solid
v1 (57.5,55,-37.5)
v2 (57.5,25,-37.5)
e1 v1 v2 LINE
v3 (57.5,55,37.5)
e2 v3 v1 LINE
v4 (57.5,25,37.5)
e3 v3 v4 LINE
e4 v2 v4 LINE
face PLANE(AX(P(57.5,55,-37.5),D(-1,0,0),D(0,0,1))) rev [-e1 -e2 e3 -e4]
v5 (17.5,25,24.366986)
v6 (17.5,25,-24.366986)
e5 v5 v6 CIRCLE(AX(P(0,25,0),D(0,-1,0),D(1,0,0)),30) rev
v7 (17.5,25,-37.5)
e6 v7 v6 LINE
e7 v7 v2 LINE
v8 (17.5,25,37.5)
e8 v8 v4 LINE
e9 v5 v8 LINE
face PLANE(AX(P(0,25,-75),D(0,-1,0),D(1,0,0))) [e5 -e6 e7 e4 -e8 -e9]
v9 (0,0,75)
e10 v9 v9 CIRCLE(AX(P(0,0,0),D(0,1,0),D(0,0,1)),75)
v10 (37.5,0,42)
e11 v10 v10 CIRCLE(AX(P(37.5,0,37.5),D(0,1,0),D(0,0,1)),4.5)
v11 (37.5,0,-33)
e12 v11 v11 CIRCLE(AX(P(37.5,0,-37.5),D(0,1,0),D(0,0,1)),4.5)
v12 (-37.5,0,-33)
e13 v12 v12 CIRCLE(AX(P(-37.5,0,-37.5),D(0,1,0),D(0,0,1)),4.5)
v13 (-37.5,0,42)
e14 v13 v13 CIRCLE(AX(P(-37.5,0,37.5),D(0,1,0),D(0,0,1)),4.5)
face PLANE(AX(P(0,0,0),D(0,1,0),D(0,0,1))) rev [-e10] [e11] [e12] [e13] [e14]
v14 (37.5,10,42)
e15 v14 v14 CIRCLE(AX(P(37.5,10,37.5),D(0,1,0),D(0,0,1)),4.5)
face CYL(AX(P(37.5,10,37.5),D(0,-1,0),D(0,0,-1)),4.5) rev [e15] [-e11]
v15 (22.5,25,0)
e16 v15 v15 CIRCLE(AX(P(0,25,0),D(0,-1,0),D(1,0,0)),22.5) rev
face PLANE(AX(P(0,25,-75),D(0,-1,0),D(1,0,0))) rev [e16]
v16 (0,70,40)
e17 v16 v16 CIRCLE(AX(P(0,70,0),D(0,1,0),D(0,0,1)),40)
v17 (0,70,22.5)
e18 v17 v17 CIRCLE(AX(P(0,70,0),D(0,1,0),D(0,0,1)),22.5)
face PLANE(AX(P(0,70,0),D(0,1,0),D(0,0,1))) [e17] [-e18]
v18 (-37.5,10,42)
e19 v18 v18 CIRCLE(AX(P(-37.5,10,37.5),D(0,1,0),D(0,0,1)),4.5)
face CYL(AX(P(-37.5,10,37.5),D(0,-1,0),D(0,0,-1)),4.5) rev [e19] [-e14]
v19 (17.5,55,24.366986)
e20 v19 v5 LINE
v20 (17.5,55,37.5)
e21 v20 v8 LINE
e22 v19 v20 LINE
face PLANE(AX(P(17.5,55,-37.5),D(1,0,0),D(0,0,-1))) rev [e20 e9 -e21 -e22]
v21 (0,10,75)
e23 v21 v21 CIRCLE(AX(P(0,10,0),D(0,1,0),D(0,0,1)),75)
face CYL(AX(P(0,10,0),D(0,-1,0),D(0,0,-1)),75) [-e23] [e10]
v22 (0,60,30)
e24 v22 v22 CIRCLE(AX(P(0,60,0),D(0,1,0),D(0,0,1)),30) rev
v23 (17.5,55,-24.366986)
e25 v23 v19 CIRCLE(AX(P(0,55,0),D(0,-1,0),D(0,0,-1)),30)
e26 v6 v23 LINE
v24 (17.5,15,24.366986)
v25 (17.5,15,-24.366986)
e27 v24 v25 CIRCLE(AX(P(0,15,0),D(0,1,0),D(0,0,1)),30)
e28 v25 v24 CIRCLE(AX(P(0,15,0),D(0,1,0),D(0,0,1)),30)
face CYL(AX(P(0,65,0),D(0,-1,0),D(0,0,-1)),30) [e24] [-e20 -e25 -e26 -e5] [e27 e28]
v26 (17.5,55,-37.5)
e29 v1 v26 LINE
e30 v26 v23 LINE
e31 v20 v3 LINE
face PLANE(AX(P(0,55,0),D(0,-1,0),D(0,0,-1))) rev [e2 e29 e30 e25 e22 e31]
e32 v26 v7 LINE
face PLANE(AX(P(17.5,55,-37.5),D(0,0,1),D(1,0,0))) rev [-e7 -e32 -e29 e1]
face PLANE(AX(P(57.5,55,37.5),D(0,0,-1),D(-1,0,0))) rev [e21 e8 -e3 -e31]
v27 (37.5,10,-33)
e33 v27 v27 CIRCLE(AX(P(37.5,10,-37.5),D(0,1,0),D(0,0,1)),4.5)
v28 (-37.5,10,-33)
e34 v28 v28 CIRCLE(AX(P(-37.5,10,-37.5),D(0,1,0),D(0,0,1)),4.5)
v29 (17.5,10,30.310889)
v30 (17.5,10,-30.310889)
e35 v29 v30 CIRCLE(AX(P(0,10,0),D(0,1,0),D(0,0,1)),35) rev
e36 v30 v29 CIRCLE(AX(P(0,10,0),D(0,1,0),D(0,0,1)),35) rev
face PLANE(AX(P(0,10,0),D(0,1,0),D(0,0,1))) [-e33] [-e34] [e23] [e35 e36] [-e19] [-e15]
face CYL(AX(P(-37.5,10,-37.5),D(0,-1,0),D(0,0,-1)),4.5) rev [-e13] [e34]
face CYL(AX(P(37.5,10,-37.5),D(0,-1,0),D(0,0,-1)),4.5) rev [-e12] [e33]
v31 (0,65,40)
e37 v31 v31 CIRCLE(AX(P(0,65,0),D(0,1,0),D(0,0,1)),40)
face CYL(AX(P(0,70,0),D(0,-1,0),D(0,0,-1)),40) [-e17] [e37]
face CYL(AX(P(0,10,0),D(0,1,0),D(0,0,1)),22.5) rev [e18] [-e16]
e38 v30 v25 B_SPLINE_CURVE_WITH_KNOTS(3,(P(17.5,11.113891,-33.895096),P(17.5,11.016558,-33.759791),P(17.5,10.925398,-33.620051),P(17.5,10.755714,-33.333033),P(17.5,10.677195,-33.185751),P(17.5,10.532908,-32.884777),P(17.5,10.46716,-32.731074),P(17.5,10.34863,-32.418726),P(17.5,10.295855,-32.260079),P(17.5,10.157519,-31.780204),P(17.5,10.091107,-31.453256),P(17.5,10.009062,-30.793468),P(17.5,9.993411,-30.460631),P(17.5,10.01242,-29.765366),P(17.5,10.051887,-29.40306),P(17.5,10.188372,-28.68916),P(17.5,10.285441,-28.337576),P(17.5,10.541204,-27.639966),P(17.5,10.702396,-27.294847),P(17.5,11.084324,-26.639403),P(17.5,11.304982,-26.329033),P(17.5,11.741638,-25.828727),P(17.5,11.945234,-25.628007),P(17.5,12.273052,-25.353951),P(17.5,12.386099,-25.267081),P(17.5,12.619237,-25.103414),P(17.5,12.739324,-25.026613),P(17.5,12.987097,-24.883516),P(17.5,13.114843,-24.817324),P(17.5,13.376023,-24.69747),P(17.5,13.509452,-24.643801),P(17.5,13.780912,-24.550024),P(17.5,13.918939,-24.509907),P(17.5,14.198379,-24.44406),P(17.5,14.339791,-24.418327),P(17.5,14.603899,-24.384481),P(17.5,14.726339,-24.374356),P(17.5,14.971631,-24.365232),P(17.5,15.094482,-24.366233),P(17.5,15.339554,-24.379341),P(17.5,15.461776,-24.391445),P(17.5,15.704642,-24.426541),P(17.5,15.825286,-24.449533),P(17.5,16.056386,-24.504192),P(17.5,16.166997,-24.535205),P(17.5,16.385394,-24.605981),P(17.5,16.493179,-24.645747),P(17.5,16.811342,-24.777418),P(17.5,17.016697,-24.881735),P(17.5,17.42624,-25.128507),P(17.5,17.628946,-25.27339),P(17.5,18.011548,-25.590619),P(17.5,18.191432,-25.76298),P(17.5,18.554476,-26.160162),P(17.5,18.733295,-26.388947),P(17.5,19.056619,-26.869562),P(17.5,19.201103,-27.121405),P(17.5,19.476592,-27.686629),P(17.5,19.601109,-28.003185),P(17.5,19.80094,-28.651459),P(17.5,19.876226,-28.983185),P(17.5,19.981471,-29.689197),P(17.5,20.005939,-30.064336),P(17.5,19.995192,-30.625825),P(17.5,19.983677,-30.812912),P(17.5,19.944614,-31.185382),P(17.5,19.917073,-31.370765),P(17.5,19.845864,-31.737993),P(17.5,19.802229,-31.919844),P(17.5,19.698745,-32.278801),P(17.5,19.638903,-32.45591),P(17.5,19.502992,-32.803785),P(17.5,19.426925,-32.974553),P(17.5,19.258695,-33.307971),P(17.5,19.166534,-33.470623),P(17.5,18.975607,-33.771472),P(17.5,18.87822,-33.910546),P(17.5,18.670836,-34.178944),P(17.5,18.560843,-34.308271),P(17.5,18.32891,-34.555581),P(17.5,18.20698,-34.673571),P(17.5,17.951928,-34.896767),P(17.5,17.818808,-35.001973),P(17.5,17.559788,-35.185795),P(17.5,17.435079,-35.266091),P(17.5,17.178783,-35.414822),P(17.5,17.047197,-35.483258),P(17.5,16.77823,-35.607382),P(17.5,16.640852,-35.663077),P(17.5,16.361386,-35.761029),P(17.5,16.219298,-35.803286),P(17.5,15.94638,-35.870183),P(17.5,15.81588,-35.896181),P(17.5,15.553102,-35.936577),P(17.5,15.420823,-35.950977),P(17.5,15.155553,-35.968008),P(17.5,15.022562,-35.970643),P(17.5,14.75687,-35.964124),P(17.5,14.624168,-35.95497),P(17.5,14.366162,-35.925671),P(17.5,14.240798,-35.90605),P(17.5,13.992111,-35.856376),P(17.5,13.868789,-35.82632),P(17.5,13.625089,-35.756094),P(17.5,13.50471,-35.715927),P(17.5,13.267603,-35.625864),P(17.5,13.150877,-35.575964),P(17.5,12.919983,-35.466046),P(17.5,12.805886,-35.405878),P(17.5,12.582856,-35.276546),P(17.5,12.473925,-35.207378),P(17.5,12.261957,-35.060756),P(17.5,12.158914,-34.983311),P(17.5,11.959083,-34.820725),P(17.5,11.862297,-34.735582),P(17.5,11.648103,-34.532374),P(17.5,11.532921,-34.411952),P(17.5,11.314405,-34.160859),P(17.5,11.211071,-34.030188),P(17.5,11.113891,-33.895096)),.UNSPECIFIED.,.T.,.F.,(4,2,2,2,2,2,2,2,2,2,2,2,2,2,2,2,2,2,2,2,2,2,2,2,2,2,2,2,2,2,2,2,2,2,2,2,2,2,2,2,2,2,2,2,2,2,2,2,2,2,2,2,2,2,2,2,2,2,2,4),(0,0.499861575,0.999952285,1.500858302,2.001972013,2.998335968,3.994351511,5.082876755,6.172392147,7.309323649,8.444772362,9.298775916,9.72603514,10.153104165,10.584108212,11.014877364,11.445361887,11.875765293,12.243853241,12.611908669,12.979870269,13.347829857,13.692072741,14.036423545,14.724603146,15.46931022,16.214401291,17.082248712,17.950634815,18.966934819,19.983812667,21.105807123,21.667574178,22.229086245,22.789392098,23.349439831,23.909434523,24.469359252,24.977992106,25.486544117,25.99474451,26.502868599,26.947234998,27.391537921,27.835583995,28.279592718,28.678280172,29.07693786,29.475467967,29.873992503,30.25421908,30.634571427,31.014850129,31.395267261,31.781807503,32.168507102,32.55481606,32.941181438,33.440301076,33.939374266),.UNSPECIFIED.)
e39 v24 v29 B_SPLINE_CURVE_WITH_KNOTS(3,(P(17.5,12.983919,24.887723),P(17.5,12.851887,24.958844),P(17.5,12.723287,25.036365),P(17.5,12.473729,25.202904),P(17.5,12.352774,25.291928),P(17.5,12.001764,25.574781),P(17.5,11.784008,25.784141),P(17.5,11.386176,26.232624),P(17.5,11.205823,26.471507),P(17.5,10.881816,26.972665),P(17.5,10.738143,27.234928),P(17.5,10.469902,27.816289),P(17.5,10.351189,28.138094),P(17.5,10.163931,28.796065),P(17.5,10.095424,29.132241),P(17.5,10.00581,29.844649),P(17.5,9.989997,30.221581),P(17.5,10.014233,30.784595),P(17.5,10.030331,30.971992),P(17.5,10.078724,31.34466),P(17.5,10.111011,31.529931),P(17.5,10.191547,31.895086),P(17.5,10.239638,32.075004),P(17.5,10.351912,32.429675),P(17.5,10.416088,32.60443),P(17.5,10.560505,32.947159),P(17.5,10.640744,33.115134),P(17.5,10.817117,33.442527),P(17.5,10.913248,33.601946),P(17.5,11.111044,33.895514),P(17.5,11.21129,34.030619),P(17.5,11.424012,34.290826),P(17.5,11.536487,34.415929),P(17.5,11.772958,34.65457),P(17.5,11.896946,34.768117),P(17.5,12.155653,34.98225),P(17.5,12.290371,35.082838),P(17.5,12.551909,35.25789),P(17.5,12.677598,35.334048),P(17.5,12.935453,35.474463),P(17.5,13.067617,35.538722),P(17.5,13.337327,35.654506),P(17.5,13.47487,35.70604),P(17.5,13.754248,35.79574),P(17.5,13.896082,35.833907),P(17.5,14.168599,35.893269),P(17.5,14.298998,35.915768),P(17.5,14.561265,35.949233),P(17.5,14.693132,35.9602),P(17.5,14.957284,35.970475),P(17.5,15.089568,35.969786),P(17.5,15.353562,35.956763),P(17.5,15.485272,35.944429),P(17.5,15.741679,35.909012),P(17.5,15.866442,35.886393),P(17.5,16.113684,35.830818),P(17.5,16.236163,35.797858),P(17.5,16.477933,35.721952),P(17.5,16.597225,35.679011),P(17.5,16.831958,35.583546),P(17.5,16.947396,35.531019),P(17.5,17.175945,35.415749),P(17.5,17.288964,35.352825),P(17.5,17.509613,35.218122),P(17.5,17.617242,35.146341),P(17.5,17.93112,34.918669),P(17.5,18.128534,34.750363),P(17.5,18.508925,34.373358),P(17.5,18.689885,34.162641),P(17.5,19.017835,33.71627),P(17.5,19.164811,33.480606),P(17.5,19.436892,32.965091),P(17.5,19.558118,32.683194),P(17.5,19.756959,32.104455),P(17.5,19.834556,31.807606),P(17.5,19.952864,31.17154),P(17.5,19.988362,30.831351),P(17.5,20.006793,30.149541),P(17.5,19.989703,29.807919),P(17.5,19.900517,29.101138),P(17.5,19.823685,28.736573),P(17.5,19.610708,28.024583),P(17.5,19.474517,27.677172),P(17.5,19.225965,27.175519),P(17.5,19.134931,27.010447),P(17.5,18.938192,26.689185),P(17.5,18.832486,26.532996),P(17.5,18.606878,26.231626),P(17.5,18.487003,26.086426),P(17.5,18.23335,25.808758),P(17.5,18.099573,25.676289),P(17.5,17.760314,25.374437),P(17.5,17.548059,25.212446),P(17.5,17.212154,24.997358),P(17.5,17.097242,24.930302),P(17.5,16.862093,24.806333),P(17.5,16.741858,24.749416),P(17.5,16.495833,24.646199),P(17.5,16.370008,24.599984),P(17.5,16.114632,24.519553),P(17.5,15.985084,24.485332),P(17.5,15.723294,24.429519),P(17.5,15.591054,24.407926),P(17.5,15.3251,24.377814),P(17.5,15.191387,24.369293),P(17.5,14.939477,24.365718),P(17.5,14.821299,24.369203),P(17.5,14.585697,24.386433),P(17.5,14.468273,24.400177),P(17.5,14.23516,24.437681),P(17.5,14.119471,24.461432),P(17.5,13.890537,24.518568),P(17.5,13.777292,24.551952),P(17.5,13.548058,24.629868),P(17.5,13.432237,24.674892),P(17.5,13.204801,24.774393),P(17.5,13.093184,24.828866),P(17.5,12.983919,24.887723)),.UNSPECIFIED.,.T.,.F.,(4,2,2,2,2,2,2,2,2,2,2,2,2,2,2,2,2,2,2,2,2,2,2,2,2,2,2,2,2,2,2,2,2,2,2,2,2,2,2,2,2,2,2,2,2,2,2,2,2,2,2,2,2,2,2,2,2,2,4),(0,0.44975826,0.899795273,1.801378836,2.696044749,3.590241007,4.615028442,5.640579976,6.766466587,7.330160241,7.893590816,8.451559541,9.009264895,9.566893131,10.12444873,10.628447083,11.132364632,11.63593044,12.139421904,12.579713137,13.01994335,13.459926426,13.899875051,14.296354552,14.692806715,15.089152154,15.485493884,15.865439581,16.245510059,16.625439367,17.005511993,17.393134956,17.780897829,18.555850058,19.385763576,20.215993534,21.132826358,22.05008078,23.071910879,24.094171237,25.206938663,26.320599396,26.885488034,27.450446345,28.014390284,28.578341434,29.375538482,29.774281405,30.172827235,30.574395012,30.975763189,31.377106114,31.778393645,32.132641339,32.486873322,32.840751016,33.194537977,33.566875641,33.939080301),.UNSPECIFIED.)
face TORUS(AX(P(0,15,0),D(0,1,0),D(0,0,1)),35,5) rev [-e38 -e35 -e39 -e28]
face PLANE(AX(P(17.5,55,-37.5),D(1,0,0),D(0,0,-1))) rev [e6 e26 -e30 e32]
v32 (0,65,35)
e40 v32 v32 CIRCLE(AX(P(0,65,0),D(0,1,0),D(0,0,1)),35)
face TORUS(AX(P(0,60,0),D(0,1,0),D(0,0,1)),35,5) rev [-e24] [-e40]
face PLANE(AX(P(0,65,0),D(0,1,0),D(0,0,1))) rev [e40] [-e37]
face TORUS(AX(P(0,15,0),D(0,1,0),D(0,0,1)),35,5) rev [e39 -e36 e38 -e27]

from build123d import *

# Parameters (mm, degrees)
SKETCH1_R           = 75
SKETCH1_R_2         = 4.5
BOSS_EXTRUDE1_DEPTH = 10
SKETCH2_R           = 30
BOSS_EXTRUDE2_DEPTH = 55
SKETCH3_R           = 40
BOSS_EXTRUDE3_DEPTH = 5
SKETCH4_R           = 22.5
CUT_EXTRUDE1_DEPTH  = 60
FILLET1_R           = 5
SKETCH5_W           = 40
SKETCH5_H           = 75
BOSS_EXTRUDE4_DEPTH = 45
CUT_EXTRUDE2_DEPTH  = 113.5
SKETCH7_R           = 30
BOSS_EXTRUDE5_DEPTH = 15
FILLET2_R           = 5
CUT_EXTRUDE3_DEPTH  = 45


with BuildPart() as part:
    # Sketch1 → Boss-Extrude1 (new body)
    with BuildSketch(Plane(origin=(0, 0, 0), x_dir=(1, 0, 0), z_dir=(0, 1, 0))):
        Circle(SKETCH1_R)
        with Locations((37.5, 37.5)):
            Circle(SKETCH1_R_2, mode=Mode.SUBTRACT)
        with Locations((-37.5, 37.5)):
            Circle(SKETCH1_R_2, mode=Mode.SUBTRACT)
        with Locations((-37.5, -37.5)):
            Circle(SKETCH1_R_2, mode=Mode.SUBTRACT)
        with Locations((37.5, -37.5)):
            Circle(SKETCH1_R_2, mode=Mode.SUBTRACT)
    extrude(amount=BOSS_EXTRUDE1_DEPTH)

    # Sketch2 → Boss-Extrude2 (add)
    with BuildSketch(Plane(origin=(0, 10, 0), x_dir=(1, 0, 0), z_dir=(0, 1, 0))):
        Circle(SKETCH2_R)
    extrude(amount=BOSS_EXTRUDE2_DEPTH)

    # Sketch3 → Boss-Extrude3 (add)
    with BuildSketch(Plane(origin=(0, 65, 0), x_dir=(1, 0, 0), z_dir=(0, 1, 0))):
        Circle(SKETCH3_R)
    extrude(amount=BOSS_EXTRUDE3_DEPTH)

    # Sketch4 → Cut-Extrude1 (cut)
    with BuildSketch(Plane(origin=(0, 70, 0), x_dir=(1, 0, 0), z_dir=(0, 1, 0))):
        Circle(SKETCH4_R)
    extrude(amount=-CUT_EXTRUDE1_DEPTH, mode=Mode.SUBTRACT)

    # Fillet1
    fillet1_edges = [part.edges().sort_by_distance(p)[0] for p in [
        (-30, 10, 0),
        (-30, 65, 0),
    ]]
    fillet(fillet1_edges, radius=FILLET1_R)

    # Sketch5 → Boss-Extrude4 (add)
    with BuildSketch(Plane(origin=(0, 10, 0), x_dir=(1, 0, 0), z_dir=(0, 1, 0))):
        with Locations((37.5, 0)):
            Rectangle(SKETCH5_W, SKETCH5_H)
    extrude(amount=BOSS_EXTRUDE4_DEPTH)

    # Sketch6 → Cut-Extrude2 (cut, through all)
    with BuildSketch(Plane.XY.offset(37.5)):
        Polygon((57.5, 25), (30, 25), (17.5, 25), (17.5, 10), (33, 10), (42, 10), (57.5, 10), align=None)
    extrude(amount=-CUT_EXTRUDE2_DEPTH, mode=Mode.SUBTRACT)

    # Sketch7 → Boss-Extrude5 (add)
    with BuildSketch(Plane(origin=(0, 10, 0), x_dir=(1, 0, 0), z_dir=(0, 1, 0))):
        Circle(SKETCH7_R)
    extrude(amount=BOSS_EXTRUDE5_DEPTH)

    # Fillet2
    fillet2_edges = [part.edges().sort_by_distance(p)[0] for p in [
        (26.69269563, 10, 13.693063938),
    ]]
    fillet(fillet2_edges, radius=FILLET2_R)

    # Sketch8 → Cut-Extrude3 (cut)
    with BuildSketch(Plane(origin=(0, 70, 0), x_dir=(1, 0, 0), z_dir=(0, 1, 0))):
        with BuildLine():
            ThreePointArc((17.5, 14.142135624), (-22.5, 0), (17.5, -14.142135624))
            ThreePointArc((17.5, -14.142135624), (22.5, 0), (17.5, 14.142135624))
        make_face()
    extrude(amount=-CUT_EXTRUDE3_DEPTH, mode=Mode.SUBTRACT)


solid = part.part
